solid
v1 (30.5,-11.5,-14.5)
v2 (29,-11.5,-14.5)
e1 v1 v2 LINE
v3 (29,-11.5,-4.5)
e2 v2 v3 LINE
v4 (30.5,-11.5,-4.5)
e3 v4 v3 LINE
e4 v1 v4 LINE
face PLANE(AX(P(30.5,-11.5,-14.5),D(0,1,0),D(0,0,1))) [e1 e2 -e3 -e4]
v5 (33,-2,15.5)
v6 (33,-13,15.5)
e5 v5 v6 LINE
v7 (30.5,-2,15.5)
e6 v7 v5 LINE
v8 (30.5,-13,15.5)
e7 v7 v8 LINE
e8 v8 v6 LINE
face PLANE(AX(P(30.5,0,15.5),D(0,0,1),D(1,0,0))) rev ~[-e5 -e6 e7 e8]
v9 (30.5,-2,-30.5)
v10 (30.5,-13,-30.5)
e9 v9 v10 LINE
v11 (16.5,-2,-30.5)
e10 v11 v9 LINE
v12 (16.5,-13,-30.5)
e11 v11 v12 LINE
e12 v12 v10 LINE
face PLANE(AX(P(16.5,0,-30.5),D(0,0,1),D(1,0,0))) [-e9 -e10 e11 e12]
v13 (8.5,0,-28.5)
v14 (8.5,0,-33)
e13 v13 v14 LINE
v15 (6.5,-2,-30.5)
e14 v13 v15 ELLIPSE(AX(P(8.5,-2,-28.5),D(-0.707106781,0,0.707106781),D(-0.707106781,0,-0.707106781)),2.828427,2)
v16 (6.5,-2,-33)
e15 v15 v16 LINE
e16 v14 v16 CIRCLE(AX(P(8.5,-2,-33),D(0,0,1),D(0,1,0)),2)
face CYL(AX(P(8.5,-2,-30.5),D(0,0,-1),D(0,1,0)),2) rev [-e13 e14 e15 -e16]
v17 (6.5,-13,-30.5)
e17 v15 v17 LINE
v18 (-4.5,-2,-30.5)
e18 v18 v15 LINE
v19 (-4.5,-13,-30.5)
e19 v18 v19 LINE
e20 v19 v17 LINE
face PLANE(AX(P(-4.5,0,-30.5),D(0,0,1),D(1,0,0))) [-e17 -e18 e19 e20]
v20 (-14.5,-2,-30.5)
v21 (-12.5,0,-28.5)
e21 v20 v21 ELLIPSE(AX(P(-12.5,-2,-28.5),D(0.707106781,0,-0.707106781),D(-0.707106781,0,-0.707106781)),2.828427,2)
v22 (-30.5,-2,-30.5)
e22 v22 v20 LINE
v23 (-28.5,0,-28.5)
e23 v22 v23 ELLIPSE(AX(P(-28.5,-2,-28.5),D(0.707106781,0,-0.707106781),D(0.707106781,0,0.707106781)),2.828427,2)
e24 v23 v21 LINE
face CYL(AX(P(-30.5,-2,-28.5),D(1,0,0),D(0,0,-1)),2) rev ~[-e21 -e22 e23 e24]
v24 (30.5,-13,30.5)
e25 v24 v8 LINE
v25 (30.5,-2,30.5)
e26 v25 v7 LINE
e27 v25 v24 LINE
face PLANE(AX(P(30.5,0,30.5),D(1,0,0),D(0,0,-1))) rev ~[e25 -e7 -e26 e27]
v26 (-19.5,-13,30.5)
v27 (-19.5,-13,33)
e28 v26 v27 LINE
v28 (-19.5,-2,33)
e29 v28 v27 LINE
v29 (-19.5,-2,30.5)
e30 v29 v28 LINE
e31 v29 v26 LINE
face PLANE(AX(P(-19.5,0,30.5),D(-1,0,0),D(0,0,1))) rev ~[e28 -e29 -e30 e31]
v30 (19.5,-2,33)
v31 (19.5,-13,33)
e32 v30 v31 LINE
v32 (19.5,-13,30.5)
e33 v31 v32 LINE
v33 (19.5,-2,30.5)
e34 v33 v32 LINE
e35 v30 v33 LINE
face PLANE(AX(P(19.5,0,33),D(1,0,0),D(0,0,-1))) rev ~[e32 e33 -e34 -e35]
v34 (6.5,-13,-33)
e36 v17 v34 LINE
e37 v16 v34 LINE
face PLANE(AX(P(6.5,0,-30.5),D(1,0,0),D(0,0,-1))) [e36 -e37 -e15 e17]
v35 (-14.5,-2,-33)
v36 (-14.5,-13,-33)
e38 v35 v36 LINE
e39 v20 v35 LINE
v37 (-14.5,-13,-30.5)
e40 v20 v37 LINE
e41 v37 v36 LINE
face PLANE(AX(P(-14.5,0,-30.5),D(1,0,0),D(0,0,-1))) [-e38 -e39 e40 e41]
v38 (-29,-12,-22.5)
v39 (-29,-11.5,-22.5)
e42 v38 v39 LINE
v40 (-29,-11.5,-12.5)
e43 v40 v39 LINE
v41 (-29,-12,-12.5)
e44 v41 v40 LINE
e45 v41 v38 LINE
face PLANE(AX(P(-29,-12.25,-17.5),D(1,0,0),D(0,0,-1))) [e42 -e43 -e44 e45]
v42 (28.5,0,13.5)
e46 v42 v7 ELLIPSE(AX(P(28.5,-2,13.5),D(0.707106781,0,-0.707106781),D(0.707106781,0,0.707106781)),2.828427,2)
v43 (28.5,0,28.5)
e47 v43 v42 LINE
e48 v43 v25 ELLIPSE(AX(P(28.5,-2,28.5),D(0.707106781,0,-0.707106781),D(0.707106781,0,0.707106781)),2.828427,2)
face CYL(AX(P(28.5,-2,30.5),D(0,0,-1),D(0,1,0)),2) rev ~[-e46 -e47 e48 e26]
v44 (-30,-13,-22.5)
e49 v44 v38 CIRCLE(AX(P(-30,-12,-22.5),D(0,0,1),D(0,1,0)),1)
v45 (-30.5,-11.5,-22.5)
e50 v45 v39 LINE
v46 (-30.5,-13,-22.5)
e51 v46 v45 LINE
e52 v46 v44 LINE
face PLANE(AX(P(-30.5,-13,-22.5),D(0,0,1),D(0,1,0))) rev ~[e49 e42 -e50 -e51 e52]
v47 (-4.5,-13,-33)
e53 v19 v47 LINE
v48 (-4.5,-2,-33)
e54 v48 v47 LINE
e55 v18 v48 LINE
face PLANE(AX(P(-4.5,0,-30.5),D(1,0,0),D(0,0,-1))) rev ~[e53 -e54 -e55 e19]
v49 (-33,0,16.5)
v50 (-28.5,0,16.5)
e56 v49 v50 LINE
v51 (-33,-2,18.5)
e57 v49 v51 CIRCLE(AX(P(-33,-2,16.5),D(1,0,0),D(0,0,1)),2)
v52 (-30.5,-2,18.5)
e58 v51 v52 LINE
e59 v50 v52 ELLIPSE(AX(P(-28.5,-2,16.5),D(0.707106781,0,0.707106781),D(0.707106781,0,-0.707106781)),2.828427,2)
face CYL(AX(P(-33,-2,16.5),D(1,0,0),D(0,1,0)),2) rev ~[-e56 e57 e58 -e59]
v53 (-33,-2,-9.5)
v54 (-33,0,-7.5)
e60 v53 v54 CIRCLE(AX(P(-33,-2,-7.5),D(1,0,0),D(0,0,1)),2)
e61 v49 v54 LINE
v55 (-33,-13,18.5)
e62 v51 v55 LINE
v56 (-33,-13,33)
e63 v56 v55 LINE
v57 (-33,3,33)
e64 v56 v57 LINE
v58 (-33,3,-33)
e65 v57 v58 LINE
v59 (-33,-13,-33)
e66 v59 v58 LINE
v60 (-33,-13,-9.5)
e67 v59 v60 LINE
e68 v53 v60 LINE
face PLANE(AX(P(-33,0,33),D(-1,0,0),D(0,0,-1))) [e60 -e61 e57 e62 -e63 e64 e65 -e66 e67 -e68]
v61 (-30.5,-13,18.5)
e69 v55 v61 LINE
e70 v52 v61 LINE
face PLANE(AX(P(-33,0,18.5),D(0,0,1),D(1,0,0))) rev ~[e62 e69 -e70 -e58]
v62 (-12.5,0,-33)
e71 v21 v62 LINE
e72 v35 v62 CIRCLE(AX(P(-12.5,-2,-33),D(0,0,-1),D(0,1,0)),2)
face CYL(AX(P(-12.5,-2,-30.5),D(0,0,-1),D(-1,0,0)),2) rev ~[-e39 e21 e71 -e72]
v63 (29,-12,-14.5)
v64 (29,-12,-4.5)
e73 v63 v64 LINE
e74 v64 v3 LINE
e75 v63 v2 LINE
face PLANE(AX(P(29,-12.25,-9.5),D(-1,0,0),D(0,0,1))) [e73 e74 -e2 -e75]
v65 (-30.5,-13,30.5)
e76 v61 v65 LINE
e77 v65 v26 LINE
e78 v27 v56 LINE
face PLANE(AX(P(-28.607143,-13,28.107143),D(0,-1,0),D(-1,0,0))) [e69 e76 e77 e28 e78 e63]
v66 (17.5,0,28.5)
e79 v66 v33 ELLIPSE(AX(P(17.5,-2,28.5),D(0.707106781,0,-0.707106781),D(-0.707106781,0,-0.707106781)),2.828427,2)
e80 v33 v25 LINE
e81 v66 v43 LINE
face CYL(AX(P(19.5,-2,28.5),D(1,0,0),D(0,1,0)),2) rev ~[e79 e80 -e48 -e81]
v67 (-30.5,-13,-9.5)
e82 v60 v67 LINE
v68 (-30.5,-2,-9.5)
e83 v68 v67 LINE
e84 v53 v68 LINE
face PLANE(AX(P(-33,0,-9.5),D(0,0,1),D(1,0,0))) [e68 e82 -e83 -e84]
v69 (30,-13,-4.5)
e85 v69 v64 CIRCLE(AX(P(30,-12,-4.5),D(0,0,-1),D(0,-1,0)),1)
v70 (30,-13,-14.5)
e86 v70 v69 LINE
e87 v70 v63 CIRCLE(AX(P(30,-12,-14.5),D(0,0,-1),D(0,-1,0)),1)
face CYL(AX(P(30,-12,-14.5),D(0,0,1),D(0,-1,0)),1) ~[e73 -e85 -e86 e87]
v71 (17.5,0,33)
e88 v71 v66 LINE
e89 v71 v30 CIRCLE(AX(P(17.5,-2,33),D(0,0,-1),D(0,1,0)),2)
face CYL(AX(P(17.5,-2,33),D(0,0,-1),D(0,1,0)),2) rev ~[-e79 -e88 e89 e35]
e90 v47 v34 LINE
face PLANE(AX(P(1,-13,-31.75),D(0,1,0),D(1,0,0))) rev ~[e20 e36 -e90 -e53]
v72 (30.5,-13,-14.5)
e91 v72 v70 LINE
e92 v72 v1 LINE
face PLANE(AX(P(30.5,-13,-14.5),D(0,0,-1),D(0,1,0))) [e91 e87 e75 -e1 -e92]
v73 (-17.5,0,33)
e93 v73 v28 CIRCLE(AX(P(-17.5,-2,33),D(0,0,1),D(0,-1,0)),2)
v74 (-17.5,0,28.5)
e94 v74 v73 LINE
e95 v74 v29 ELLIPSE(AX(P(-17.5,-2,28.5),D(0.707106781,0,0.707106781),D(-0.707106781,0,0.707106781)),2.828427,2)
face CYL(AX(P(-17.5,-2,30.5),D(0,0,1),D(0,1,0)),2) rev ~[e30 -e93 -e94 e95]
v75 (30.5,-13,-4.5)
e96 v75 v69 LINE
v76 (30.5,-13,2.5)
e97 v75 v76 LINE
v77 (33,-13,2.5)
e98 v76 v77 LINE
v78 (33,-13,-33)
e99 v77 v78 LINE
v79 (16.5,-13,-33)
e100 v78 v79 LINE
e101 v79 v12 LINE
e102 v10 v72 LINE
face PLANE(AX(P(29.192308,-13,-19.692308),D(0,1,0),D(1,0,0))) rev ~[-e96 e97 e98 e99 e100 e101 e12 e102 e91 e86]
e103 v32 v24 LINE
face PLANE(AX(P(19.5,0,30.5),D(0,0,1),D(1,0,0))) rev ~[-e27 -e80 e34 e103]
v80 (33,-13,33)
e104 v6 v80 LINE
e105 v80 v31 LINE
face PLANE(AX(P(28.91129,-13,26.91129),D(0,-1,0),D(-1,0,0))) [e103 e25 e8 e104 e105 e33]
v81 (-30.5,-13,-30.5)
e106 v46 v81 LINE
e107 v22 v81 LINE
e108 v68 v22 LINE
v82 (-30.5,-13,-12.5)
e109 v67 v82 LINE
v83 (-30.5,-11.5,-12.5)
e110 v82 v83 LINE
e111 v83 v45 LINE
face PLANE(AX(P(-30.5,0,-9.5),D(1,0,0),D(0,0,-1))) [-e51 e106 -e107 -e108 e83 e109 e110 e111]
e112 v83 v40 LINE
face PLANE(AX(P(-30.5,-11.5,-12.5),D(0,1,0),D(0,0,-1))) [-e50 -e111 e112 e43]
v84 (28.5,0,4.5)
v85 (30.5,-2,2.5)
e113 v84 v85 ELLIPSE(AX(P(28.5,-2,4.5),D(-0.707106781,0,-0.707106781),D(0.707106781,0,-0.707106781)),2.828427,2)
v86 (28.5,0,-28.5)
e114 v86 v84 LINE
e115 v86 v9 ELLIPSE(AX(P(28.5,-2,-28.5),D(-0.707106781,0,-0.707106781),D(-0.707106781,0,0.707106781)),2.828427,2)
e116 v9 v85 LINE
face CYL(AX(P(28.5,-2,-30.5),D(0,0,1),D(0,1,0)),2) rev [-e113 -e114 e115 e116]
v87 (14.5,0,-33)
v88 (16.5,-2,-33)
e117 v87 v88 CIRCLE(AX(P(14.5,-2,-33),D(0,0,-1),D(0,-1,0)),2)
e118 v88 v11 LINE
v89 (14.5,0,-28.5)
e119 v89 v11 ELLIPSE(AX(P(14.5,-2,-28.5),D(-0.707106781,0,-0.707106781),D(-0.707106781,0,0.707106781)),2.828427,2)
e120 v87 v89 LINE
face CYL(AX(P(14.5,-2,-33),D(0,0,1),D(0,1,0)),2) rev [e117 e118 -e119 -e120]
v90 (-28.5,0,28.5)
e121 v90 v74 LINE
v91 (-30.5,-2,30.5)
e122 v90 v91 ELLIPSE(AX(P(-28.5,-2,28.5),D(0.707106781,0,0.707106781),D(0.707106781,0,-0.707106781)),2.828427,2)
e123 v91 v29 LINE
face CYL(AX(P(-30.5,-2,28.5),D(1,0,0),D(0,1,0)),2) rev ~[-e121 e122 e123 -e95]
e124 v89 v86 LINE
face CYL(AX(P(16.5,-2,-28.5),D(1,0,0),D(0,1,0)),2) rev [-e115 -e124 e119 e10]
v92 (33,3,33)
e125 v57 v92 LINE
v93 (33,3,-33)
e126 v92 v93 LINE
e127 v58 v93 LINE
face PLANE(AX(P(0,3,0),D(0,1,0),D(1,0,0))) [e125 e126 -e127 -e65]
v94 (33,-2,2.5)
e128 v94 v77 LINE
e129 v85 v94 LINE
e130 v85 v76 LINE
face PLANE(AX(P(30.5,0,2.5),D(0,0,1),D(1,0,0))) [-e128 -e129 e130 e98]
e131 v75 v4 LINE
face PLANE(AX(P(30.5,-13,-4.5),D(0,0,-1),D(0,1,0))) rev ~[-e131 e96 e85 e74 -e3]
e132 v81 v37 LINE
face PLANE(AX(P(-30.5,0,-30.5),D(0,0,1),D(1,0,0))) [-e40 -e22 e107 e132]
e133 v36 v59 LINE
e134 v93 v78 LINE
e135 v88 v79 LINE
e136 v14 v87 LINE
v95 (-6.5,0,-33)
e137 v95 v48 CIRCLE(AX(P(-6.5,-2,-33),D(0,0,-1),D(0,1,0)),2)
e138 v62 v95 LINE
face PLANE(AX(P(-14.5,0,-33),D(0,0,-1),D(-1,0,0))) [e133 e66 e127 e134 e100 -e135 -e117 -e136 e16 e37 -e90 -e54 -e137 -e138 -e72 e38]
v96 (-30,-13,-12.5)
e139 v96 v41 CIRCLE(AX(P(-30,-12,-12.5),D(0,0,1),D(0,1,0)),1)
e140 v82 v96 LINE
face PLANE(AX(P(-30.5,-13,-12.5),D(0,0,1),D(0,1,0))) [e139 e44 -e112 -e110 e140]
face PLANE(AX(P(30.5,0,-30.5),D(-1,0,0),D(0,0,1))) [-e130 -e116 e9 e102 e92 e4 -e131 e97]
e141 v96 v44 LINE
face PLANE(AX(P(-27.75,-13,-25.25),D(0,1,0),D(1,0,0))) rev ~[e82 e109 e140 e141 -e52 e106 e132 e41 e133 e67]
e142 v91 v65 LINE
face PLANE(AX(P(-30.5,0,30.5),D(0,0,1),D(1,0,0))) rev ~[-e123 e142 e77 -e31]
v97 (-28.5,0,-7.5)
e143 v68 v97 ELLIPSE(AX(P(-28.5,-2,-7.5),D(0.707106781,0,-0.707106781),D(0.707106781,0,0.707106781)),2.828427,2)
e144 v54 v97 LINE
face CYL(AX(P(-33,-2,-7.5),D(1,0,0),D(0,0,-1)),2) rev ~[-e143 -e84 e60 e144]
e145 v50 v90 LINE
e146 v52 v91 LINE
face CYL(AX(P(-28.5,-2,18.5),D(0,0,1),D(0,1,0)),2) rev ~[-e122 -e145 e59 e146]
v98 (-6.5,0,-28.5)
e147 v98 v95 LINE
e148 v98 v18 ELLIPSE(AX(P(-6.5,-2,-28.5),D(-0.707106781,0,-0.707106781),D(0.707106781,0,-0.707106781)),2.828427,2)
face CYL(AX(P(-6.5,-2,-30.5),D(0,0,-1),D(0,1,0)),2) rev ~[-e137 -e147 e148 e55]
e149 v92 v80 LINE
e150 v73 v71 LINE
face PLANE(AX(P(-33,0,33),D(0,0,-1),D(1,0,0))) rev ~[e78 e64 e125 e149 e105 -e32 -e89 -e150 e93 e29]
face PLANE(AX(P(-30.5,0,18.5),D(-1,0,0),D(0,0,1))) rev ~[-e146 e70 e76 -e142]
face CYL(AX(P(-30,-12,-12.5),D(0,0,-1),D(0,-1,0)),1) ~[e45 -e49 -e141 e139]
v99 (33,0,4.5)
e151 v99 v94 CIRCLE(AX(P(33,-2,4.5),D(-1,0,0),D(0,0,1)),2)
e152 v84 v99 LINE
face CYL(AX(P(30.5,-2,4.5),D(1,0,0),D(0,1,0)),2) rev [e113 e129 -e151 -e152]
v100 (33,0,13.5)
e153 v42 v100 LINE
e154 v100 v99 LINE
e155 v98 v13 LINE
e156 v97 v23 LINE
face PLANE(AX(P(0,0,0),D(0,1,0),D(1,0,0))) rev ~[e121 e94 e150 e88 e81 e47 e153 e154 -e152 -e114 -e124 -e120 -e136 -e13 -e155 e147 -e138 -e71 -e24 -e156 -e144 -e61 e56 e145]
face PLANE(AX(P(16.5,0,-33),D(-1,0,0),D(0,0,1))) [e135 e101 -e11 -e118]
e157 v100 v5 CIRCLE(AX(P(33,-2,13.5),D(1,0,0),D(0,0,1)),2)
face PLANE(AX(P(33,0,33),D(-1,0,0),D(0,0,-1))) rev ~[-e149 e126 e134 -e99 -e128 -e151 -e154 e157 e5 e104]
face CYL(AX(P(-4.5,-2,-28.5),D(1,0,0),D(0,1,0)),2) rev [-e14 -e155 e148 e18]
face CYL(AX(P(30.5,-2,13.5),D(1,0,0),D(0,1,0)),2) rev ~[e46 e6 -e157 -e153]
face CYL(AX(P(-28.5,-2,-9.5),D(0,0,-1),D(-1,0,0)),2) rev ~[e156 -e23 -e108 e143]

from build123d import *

# Parameters (mm, degrees)
SKETCH1_W           = 66
SKETCH1_H           = 66
BOSS_EXTRUDE1_DEPTH = 3
SKETCH2_W           = 11
SKETCH2_H           = 2.5
BOSS_EXTRUDE3_DEPTH = 13
SKETCH5_W           = 10
SKETCH5_H           = 1.5
BOSS_EXTRUDE4_DEPTH = 1.5
FILLET2_R           = 1
SKETCH6_W           = 10
SKETCH6_H           = 1.5
BOSS_EXTRUDE5_DEPTH = 1.5
FILLET3_R           = 1
FILLET4_R           = 2


with BuildPart() as part:
    # Sketch1 → Boss-Extrude1 (new body)
    with BuildSketch(Plane(origin=(0, 0, 0), x_dir=(1, 0, 0), z_dir=(0, 1, 0))):
        Rectangle(SKETCH1_W, SKETCH1_H)
    extrude(amount=BOSS_EXTRUDE1_DEPTH)

    # Sketch2 → Boss-Extrude3 (add)
    with BuildSketch(Plane(origin=(0, 0, 0), x_dir=(1, 0, 0), z_dir=(0, 1, 0))):
        Polygon((-30.5, 30.5), (-14.5, 30.5), (-14.5, 33), (-33, 33), (-33, 9.5), (-30.5, 9.5), align=None)
        Polygon((-30.5, -30.5), (-19.5, -30.5), (-19.5, -33), (-33, -33), (-33, -18.5), (-30.5, -18.5), align=None)
        Polygon((30.5, 30.5), (30.5, -2.5), (33, -2.5), (33, 33), (16.5, 33), (16.5, 30.5), align=None)
        with Locations((1, 31.75)):
            Rectangle(SKETCH2_W, SKETCH2_H)
        Polygon((30.5, -15.5), (33, -15.5), (33, -33), (19.5, -33), (19.5, -30.5), (30.5, -30.5), align=None)
    extrude(amount=-BOSS_EXTRUDE3_DEPTH)

    # Sketch5 → Boss-Extrude4 (add)
    with BuildSketch(Plane.ZY.offset(-30.5)):
        with Locations((-9.5, -12.25)):
            Rectangle(SKETCH5_W, SKETCH5_H)
    extrude(amount=BOSS_EXTRUDE4_DEPTH)

    # Fillet2
    fillet2_edges = [part.edges().sort_by_distance(p)[0] for p in [
        (29, -13, -9.5),
    ]]
    fillet(fillet2_edges, radius=FILLET2_R)

    # Sketch6 → Boss-Extrude5 (add)
    with BuildSketch(Plane(origin=(-30.5, 0, 0), x_dir=(0, 0, -1), z_dir=(1, 0, 0))):
        with Locations((17.5, -12.25)):
            Rectangle(SKETCH6_W, SKETCH6_H)
    extrude(amount=BOSS_EXTRUDE5_DEPTH)

    # Fillet3
    fillet3_edges = [part.edges().sort_by_distance(p)[0] for p in [
        (-29, -13, -17.5),
    ]]
    fillet(fillet3_edges, radius=FILLET3_R)

    # Fillet4
    fillet4_edges = [part.edges().sort_by_distance(p)[0] for p in [
        (31.75, 0, 15.5),
        (-31.75, 0, 18.5),
        (19.5, 0, 31.75),
        (-4.5, 0, -31.75),
        (31.75, 0, 2.5),
        (-19.5, 0, 31.75),
        (-31.75, 0, -9.5),
        (-14.5, 0, -31.75),
        (6.5, 0, -31.75),
        (16.5, 0, -31.75),
        (25, 0, 30.5),
        (-25, 0, 30.5),
        (-30.5, 0, 24.5),
        (30.5, 0, 23),
        (30.5, 0, -14),
        (23.5, 0, -30.5),
        (1, 0, -30.5),
        (-22.5, 0, -30.5),
        (-30.5, 0, -20),
    ]]
    fillet(fillet4_edges, radius=FILLET4_R)


solid = part.part
